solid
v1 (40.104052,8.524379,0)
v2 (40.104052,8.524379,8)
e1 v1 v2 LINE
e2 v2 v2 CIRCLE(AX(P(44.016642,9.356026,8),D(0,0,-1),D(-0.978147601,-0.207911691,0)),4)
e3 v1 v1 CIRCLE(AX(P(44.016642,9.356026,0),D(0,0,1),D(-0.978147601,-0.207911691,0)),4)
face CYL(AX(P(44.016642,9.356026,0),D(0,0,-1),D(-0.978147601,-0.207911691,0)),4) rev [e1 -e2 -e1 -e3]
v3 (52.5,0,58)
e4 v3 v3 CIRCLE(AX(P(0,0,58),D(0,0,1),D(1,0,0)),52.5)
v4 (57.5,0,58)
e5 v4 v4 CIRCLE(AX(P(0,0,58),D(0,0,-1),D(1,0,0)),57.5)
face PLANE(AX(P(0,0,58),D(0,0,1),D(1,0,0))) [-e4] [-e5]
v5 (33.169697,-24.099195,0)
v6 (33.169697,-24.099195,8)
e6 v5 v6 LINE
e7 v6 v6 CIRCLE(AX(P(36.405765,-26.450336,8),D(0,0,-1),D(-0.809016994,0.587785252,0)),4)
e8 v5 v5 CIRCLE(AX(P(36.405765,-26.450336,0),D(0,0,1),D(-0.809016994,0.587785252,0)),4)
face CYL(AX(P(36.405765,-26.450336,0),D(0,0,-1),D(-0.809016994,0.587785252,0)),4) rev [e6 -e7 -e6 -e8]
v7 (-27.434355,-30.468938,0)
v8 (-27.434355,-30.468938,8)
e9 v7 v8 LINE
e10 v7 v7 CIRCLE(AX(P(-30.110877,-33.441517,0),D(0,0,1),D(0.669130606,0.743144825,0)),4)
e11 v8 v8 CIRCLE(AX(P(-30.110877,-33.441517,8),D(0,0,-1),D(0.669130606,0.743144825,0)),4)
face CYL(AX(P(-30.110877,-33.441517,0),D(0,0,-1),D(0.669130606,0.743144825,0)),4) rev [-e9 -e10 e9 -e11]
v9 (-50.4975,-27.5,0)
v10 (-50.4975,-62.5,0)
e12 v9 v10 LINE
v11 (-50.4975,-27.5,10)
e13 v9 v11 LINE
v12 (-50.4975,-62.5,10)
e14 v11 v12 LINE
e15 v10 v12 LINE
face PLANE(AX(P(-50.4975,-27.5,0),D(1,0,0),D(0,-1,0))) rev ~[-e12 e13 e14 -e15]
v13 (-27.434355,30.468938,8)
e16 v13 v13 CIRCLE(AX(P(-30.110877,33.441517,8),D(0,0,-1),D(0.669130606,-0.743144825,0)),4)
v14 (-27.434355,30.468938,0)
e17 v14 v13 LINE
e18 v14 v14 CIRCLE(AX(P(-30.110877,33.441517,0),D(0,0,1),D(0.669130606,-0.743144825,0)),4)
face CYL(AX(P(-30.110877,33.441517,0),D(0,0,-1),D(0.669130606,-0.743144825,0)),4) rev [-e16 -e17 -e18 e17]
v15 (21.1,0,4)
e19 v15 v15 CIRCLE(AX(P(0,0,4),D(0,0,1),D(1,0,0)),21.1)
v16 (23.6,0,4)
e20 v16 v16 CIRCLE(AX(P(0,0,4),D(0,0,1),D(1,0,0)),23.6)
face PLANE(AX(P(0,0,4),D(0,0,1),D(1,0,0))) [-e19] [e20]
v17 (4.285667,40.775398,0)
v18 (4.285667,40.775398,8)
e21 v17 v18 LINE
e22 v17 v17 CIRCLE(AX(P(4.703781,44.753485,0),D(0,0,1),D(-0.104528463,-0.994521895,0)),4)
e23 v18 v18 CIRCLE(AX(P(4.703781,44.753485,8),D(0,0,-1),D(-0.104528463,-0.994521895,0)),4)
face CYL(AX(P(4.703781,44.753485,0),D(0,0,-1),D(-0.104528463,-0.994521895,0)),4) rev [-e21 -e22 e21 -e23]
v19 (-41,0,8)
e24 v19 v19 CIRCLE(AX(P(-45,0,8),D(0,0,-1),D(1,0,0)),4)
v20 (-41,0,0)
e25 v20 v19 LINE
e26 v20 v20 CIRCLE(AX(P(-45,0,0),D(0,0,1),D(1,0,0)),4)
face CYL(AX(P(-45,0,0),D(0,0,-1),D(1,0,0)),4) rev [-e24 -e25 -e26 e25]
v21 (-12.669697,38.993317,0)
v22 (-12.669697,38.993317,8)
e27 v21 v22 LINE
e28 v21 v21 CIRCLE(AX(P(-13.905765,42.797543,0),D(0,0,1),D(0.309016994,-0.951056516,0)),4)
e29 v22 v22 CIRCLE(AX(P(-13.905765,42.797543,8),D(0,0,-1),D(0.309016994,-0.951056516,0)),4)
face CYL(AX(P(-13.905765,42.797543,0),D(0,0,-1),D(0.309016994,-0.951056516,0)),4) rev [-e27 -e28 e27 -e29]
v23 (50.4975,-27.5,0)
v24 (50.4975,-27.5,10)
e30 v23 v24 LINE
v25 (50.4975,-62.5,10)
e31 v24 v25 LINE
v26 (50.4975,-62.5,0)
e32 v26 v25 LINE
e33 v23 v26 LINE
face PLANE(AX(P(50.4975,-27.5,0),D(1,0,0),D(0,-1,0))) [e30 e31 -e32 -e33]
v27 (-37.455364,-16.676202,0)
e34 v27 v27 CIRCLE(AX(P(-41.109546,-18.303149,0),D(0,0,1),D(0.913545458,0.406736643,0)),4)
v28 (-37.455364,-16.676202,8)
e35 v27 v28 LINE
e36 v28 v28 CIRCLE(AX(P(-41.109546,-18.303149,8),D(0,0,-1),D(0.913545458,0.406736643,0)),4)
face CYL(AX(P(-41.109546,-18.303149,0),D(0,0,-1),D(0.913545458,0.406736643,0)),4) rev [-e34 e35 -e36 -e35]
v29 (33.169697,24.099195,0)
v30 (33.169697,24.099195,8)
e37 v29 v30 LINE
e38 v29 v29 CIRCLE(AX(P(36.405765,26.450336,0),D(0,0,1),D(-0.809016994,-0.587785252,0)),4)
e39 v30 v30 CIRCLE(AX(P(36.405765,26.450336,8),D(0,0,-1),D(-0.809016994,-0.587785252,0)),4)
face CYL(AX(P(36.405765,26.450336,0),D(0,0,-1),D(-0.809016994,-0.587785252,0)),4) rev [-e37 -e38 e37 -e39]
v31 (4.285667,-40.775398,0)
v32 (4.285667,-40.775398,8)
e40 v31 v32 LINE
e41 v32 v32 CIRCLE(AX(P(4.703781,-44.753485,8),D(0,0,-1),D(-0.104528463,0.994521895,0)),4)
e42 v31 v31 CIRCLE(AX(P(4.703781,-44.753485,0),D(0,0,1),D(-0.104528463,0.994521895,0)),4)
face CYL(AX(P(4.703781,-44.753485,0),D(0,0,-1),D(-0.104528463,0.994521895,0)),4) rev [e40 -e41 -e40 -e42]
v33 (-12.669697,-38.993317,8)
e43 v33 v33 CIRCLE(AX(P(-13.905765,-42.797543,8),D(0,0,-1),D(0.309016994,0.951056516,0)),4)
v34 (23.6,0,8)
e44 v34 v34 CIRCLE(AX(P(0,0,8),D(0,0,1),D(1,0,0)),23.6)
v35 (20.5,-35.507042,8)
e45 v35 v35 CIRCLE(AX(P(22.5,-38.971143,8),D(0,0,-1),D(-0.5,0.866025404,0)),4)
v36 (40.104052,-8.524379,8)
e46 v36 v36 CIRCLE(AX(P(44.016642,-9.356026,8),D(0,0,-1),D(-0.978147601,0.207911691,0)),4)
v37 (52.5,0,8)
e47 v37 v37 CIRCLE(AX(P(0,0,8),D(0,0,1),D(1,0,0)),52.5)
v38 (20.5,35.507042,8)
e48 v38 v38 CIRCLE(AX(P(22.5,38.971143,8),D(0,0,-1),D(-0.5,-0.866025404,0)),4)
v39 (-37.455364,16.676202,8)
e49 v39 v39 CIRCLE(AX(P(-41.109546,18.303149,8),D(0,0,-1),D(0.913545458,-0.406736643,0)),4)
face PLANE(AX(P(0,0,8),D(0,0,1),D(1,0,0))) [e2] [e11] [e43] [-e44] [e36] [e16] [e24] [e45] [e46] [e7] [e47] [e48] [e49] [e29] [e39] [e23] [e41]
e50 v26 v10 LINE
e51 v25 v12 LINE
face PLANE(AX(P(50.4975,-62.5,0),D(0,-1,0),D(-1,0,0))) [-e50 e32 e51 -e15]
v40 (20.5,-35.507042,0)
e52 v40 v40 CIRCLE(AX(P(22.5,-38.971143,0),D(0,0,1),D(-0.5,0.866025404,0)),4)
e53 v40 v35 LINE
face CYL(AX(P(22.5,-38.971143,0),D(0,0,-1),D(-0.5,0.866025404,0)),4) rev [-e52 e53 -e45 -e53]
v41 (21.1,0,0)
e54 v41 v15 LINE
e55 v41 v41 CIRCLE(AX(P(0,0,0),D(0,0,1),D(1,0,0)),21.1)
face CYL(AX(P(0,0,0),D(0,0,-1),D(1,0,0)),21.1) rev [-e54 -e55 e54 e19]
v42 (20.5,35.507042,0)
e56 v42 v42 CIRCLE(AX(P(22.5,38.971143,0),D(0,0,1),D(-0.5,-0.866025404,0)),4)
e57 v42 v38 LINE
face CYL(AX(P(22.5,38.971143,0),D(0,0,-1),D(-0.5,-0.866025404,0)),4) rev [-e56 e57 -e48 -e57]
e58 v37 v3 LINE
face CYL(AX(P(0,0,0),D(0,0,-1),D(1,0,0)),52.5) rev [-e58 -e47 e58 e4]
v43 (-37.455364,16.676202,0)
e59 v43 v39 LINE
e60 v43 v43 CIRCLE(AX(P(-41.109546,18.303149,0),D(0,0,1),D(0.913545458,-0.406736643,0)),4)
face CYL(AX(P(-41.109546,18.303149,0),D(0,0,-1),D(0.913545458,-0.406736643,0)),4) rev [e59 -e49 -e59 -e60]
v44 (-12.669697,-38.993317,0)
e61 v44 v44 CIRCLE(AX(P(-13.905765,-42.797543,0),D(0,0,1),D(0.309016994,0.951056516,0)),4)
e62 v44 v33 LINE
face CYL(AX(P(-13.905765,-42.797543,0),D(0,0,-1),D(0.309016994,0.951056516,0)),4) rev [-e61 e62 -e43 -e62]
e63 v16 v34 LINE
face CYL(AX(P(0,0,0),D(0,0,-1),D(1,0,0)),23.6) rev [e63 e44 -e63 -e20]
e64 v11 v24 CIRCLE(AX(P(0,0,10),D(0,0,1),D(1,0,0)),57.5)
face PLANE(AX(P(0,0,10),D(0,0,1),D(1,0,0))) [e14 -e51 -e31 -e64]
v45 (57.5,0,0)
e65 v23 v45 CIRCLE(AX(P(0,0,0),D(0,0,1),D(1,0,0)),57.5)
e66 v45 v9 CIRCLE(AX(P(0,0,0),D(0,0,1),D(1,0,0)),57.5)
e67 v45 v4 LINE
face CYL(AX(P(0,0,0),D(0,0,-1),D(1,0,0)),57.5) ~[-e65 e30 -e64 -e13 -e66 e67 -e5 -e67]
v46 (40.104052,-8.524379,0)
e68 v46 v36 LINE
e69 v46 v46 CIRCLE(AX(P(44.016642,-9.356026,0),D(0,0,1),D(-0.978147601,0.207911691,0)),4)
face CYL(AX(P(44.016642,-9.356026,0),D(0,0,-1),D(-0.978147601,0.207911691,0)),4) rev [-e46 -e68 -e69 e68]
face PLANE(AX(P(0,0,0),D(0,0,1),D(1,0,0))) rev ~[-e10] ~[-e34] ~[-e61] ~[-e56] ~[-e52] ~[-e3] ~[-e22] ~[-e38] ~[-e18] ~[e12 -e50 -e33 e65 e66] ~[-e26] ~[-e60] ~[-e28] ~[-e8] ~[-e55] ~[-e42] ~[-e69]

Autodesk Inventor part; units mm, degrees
ref_plane "YZ Plane" through (0, 0, 0) normal (1, 0, 0) x (0, 1, 0)
ref_plane "XZ Plane" through (0, 0, 0) normal (0, 1, 0) x (-1, 0, 0)
ref_plane "XY Plane" through (0, 0, 0) normal (0, 0, 1) x (1, 0, 0)
sketch "Sketch1" plane through (0, 0, 0) normal (0, 0, 1) x (1, 0, 0)
  circle A0 centre (0, 0) radius 52.5
  circle A1 centre (0, 0) radius 57.5
  circle A2 centre (0, 0) radius 23.6
  circle A3 centre (0, 0) radius 21.1
  circle A4 centre (0, 0) radius 45 construction
  line L0 (50.4975, -27.5) -> (50.4975, -62.5)
  line L1 (-50.4975, -27.5) -> (-50.4975, -62.5)
  line L2 (50.4975, -62.5) -> (-50.4975, -62.5)
  line L3 (20.0155, -57.5) -> (-14.9845, -57.5) construction
  circle A5 centre (-45, 0) radius 4
  dimension "d11" = 90
  dimension "d0" = 105
  dimension "d1" = 5
  dimension "d2" = 47.2
  dimension "d3" = 2.5
  dimension "d17" = 35
  dimension "d18" = 35
  dimension "d19" = 5
  dimension "d22" = 8
extrude "Extrusion1" add sketch "Sketch1" along normal blind 4 contours A2
extrude "Extrusion2" add sketch "Sketch1" along normal blind 8 contours A0 | A5
extrude "Extrusion3" add sketch "Sketch1" along normal blind 58 contours A1
extrude "Extrusion4" cut sketch "Sketch1" along normal blind 15 contours A5
extrude "Extrusion5" add sketch "Sketch1" along normal blind 10 contours A1 L0 L2 L1
pattern_circular "Circular Pattern2" count 15 over 360 about axis through (0, 0, 0) along (0, 0, 1) of "Extrusion4"
properties part number "Main Housing"
